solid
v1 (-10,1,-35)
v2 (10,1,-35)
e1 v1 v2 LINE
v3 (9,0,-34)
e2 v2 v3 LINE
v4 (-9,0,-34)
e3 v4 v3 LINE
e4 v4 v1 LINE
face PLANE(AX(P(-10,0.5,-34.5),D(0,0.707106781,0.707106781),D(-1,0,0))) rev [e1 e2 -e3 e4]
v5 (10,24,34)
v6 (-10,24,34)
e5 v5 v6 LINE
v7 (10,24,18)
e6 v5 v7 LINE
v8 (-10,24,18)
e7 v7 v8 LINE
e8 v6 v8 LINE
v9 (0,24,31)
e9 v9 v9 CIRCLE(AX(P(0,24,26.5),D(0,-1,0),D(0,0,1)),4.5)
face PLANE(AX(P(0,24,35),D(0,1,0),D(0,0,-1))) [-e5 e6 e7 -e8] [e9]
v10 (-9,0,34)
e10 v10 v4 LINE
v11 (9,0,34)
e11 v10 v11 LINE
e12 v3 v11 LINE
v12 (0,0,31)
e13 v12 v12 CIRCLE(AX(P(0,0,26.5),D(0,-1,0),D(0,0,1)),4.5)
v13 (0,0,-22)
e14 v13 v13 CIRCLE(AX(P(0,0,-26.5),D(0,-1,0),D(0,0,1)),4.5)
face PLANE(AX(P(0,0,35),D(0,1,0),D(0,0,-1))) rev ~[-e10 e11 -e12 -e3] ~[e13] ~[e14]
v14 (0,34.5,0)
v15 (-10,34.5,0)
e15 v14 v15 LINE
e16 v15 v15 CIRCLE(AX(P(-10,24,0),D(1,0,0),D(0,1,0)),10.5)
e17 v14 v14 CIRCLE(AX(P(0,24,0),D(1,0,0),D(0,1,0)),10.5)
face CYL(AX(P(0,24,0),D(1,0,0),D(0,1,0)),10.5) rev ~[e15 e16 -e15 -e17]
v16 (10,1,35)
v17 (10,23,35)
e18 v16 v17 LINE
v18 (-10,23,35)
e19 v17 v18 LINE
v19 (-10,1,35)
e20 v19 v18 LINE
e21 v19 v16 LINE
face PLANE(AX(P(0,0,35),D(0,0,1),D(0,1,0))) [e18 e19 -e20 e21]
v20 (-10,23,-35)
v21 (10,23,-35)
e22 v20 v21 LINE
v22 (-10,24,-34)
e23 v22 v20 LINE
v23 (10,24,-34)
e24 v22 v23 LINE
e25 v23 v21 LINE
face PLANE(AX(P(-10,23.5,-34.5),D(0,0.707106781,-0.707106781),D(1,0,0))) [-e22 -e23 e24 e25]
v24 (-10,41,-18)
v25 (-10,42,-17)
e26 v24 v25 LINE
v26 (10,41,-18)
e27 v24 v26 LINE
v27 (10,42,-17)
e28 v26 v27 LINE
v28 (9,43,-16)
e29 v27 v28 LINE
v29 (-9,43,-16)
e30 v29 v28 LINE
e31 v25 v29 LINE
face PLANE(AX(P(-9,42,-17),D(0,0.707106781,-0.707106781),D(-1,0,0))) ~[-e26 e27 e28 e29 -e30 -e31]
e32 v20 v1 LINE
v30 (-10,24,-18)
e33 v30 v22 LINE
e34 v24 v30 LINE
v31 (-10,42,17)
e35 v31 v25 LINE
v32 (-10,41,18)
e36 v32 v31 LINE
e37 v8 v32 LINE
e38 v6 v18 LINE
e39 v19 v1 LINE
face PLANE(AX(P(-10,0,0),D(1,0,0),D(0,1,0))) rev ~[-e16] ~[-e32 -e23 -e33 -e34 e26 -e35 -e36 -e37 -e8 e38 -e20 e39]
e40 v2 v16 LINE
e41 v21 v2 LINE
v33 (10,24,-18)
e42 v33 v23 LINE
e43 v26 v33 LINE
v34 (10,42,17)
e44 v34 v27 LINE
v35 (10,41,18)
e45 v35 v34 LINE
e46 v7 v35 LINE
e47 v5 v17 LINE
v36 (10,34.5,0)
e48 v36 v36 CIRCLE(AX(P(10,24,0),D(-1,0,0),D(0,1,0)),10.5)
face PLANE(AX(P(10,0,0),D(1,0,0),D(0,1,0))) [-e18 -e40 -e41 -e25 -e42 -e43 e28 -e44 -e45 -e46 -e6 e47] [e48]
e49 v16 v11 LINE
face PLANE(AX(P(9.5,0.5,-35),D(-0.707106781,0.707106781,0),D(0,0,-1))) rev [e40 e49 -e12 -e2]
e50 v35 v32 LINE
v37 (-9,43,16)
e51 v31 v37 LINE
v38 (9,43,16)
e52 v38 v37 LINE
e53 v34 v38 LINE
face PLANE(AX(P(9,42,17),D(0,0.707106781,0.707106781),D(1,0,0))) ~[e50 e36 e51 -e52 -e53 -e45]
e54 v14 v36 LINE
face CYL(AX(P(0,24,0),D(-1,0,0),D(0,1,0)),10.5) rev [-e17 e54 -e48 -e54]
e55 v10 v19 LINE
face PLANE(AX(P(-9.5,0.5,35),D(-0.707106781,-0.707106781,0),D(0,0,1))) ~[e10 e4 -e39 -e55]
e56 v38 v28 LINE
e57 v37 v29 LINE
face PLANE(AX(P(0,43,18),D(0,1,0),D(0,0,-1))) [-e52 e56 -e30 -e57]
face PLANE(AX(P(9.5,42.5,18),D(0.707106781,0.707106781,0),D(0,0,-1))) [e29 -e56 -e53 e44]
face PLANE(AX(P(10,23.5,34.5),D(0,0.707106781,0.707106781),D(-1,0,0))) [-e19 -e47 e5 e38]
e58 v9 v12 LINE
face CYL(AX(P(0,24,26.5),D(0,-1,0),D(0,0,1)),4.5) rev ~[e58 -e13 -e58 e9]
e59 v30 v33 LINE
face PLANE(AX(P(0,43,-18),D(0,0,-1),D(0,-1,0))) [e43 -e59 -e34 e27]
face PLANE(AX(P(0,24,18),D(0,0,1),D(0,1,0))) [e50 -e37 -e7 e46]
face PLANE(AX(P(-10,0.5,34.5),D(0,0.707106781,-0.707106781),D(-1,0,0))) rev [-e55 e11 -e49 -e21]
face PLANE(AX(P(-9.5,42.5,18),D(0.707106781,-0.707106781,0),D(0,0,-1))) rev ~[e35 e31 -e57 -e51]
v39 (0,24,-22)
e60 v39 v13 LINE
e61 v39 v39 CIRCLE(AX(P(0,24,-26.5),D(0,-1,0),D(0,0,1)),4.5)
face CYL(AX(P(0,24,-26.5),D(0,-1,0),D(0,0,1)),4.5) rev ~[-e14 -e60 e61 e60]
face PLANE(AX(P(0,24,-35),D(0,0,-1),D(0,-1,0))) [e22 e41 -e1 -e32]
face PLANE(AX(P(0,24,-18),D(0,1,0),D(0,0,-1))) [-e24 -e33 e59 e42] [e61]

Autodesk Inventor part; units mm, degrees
ref_plane "YZ Plane" through (0, 0, 0) normal (1, 0, 0) x (0, 1, 0)
ref_plane "XZ Plane" through (0, 0, 0) normal (0, 1, 0) x (-1, 0, 0)
ref_plane "XY Plane" through (0, 0, 0) normal (0, 0, 1) x (1, 0, 0)
sketch "Sketch1" plane through (0, 0, 0) normal (1, 0, 0) x (0, 1, 0)
  line L0 (-24, 35) -> (24, 35)
  line L1 (24, 35) -> (24, -35)
  line L2 (24, -35) -> (-24, -35)
  line L3 (-24, -35) -> (-24, 35)
  line L4 (-24, 35) -> (24, -35) construction
  line L5 (24, 35) -> (-24, -35) construction
  line L6 (-43, 18) -> (43, 18)
  line L7 (43, 18) -> (43, -18)
  line L8 (43, -18) -> (-43, -18)
  line L9 (-43, -18) -> (-43, 18)
  line L10 (-43, 18) -> (43, -18) construction
  line L11 (43, 18) -> (-43, -18) construction
  circle A0 centre (24, 0) radius 10.5
  line L12 (0, 35) -> (0, -35)
  point P0 (0, 0)
  point P1 (24, -18)
  point P2 (24, 18)
  dimension "d0" = 36
  dimension "d1" = 70
  dimension "d2" = 19
  dimension "d3" = 24
  dimension "d4" = 21
extrude "Extrusion1" add sketch "Sketch1" along normal mid plane 20 contours L0 L1 L6 L12 | L6 L1 A0 L8 L12 | L6 L7 L8 L1 A0 | L8 L1 L2 L12
sketch "Sketch2" plane through (-10, 24, -18) normal (0, 1, 0) x (1, 0, 0)
  line L0 (0, 0) -> (20, 0) projected
  line L1 (20, 17) -> (20, 0) projected
  line L2 (0, 17) -> (20, 17) projected
  line L3 (0, 0) -> (0, 17) projected
  line L4 (0, -53) -> (20, -53) projected
  line L5 (20, -36) -> (20, -53) projected
  line L6 (0, -36) -> (20, -36) projected
  line L7 (0, -53) -> (0, -36) projected
  line L8 (0, -53) -> (20, -36)
  line L9 (20, 17) -> (20, 0) projected
  line L10 (20, 0) -> (0, 17)
  point P0 (10, -18)
  point P1 (10, -44.5)
  point P2 (10, 8.5)
hole "Hole1" at (0, 24, 26.5) at (0, 24, -26.5) direction (0, -1, 0) diameter 9 end through all
chamfer "Chamfer1" distance 1 angle 45 2 edges at (-10, 43, 0) (10, 43, 0)
chamfer "Chamfer2" distance 1 angle 45 6 edges at (0, 24, 35) (0, 24, -35) (-10, 0, 0) (0, 0, -35) (10, 0, 0) (0, 0, 35)
chamfer "Chamfer3" distance 2 angle 45 2 edges at (0, 43, -18) (0, 43, 18)
properties part number "Goi_do_A" material "Iron, Gray"
